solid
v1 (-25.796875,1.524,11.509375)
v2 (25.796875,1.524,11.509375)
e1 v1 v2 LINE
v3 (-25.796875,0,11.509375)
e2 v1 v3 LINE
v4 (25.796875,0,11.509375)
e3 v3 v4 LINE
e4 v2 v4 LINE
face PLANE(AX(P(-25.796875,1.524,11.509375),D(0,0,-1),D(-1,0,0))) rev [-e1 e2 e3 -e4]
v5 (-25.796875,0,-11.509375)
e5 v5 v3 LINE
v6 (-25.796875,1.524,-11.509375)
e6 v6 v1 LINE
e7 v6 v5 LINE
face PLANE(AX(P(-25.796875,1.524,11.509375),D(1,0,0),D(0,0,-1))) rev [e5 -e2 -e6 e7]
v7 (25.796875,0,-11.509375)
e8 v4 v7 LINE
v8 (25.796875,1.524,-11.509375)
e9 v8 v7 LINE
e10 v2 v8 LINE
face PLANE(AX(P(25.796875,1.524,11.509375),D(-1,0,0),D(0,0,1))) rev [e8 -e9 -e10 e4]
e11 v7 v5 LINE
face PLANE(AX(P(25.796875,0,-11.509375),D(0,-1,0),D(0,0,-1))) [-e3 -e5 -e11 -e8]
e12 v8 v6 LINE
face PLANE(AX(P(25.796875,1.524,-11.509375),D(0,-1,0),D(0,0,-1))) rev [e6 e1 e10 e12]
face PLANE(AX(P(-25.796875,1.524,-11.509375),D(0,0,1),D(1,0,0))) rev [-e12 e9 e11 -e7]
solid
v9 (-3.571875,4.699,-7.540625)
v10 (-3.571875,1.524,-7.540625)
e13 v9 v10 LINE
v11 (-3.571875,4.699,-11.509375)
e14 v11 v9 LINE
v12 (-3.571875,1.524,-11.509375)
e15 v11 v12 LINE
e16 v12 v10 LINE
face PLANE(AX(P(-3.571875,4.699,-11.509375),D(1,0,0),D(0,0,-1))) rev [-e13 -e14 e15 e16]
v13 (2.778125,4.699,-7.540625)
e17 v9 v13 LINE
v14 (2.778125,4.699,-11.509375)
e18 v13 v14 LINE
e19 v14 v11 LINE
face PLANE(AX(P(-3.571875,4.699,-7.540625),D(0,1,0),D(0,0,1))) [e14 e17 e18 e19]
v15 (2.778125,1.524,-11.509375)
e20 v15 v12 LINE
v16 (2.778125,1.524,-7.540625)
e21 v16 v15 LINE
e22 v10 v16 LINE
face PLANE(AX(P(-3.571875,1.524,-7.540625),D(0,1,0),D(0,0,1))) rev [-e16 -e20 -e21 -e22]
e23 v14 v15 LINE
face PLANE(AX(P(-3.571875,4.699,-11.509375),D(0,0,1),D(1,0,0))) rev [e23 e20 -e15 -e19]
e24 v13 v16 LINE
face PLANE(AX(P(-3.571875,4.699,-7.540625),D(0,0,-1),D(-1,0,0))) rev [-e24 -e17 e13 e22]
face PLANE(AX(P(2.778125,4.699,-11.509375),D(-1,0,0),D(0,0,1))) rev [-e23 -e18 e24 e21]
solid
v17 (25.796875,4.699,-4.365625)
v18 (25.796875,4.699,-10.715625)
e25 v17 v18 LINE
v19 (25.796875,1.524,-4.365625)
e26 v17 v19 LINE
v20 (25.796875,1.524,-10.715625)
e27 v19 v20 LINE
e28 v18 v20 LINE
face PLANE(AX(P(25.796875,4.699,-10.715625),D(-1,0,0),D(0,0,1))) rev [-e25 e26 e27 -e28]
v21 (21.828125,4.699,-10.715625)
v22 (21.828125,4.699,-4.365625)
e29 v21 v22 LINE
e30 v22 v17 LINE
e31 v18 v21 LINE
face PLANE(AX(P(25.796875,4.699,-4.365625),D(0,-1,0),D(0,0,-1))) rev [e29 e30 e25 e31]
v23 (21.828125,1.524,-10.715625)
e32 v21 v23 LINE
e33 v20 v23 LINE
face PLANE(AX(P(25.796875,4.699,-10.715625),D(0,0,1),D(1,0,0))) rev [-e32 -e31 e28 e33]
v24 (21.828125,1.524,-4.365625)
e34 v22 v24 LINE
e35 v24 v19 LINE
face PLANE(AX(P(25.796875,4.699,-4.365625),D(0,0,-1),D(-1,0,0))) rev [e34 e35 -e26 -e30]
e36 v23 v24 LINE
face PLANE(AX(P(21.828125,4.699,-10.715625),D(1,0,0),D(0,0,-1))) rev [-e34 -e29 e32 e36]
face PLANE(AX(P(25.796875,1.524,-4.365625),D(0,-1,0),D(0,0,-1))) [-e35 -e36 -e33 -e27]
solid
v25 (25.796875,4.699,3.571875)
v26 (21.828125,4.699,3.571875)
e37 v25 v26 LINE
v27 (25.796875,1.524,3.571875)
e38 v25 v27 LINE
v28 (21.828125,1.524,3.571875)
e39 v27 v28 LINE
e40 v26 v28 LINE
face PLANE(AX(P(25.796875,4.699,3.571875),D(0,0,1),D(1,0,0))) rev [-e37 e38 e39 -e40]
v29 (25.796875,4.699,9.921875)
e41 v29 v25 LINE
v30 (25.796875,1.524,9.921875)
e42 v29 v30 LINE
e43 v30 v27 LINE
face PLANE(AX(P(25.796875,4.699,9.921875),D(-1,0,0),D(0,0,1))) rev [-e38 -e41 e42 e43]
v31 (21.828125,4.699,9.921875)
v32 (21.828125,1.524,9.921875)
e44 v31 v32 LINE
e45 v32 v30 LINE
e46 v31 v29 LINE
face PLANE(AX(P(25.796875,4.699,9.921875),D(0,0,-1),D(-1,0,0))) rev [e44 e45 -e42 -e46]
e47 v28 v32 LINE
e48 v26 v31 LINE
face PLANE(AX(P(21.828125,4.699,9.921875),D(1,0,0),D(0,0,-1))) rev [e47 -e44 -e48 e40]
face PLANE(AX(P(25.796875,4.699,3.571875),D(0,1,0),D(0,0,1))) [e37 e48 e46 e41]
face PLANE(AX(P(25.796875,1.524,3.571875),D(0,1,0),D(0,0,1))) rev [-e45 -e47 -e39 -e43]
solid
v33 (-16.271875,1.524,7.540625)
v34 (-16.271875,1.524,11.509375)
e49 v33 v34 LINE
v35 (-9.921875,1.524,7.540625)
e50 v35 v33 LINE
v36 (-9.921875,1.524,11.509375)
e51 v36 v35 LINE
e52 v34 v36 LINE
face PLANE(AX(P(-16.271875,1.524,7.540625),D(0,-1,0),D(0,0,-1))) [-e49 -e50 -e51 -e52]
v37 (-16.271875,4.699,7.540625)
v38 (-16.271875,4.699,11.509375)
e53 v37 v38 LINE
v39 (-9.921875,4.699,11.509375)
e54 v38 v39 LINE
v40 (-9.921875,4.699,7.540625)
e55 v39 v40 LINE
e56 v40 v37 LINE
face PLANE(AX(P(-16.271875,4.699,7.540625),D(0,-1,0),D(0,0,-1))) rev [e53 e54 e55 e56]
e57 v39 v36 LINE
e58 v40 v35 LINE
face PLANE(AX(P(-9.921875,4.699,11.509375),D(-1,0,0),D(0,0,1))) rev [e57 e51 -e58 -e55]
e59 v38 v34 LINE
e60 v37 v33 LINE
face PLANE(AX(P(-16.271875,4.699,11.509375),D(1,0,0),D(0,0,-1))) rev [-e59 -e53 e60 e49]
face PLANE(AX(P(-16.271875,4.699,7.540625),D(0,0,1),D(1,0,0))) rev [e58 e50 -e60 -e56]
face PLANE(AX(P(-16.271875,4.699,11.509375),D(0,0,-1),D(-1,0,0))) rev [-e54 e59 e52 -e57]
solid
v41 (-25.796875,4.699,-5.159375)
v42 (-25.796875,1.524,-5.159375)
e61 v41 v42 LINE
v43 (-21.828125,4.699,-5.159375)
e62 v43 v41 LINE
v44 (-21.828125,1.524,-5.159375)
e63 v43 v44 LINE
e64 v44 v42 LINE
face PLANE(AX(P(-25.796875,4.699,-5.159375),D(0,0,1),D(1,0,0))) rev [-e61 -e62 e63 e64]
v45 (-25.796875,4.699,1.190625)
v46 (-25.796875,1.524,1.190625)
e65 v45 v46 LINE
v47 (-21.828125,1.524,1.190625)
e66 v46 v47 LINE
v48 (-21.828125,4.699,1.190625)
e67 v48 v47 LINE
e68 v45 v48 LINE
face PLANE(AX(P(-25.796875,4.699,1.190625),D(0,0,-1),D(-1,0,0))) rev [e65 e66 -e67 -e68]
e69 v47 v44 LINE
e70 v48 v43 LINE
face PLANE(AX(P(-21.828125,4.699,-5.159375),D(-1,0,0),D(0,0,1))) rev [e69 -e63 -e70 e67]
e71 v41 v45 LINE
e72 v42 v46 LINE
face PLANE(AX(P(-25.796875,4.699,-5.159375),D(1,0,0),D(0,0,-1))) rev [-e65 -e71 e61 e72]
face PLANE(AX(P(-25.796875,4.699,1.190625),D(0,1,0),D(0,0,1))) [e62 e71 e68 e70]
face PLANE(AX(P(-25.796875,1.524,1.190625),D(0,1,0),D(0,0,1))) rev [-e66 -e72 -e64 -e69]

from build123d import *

# Parameters (mm, degrees)
SKETCH1_W             = 51.59375
SKETCH1_H             = 23.01875
BOSS_EXTRUDE1_DEPTH   = 1.524
SKETCH2_W             = 3.96875
SKETCH2_H             = 6.35
BOSS_EXTRUDE2_DEPTH   = 3.175
BOSS_EXTRUDE2_2_DEPTH = 3.175
SKETCH2_W_2           = 6.35
SKETCH2_H_2           = 3.96875
BOSS_EXTRUDE2_3_DEPTH = 3.175
BOSS_EXTRUDE2_4_DEPTH = 3.175
BOSS_EXTRUDE2_5_DEPTH = 3.175


with BuildPart() as part:
    # Sketch1 → Boss-Extrude1 (new body)
    with BuildSketch(Plane(origin=(0, 0, 0), x_dir=(1, 0, 0), z_dir=(0, 1, 0))):
        Rectangle(SKETCH1_W, SKETCH1_H)
    extrude(amount=BOSS_EXTRUDE1_DEPTH)


with BuildPart() as body_2:
    # Sketch2 → Boss-Extrude2 (new body)
    with BuildSketch(Plane(origin=(0, 1.524, 0), x_dir=(1, 0, 0), z_dir=(0, 1, 0))):
        with Locations((23.8125, -6.746875)):
            Rectangle(SKETCH2_W, SKETCH2_H)
    extrude(amount=BOSS_EXTRUDE2_DEPTH)


with BuildPart() as body_3:
    # Sketch2 → Boss-Extrude2 2 (new body)
    with BuildSketch(Plane(origin=(0, 1.524, 0), x_dir=(1, 0, 0), z_dir=(0, 1, 0))):
        with Locations((23.8125, 7.540625)):
            Rectangle(SKETCH2_W, SKETCH2_H)
    extrude(amount=BOSS_EXTRUDE2_2_DEPTH)


with BuildPart() as body_4:
    # Sketch2 → Boss-Extrude2 3 (new body)
    with BuildSketch(Plane(origin=(0, 1.524, 0), x_dir=(1, 0, 0), z_dir=(0, 1, 0))):
        with Locations((-0.396875, 9.525)):
            Rectangle(SKETCH2_W_2, SKETCH2_H_2)
    extrude(amount=BOSS_EXTRUDE2_3_DEPTH)


with BuildPart() as body_5:
    # Sketch2 → Boss-Extrude2 4 (new body)
    with BuildSketch(Plane(origin=(0, 1.524, 0), x_dir=(1, 0, 0), z_dir=(0, 1, 0))):
        with Locations((-23.8125, 1.984375)):
            Rectangle(SKETCH2_W, SKETCH2_H)
    extrude(amount=BOSS_EXTRUDE2_4_DEPTH)


with BuildPart() as body_6:
    # Sketch2 → Boss-Extrude2 5 (new body)
    with BuildSketch(Plane(origin=(0, 1.524, 0), x_dir=(1, 0, 0), z_dir=(0, 1, 0))):
        with Locations((-13.096875, -9.525)):
            Rectangle(SKETCH2_W_2, SKETCH2_H_2)
    extrude(amount=BOSS_EXTRUDE2_5_DEPTH)


solid = Compound([part.part, body_2.part, body_3.part, body_4.part, body_5.part, body_6.part])
